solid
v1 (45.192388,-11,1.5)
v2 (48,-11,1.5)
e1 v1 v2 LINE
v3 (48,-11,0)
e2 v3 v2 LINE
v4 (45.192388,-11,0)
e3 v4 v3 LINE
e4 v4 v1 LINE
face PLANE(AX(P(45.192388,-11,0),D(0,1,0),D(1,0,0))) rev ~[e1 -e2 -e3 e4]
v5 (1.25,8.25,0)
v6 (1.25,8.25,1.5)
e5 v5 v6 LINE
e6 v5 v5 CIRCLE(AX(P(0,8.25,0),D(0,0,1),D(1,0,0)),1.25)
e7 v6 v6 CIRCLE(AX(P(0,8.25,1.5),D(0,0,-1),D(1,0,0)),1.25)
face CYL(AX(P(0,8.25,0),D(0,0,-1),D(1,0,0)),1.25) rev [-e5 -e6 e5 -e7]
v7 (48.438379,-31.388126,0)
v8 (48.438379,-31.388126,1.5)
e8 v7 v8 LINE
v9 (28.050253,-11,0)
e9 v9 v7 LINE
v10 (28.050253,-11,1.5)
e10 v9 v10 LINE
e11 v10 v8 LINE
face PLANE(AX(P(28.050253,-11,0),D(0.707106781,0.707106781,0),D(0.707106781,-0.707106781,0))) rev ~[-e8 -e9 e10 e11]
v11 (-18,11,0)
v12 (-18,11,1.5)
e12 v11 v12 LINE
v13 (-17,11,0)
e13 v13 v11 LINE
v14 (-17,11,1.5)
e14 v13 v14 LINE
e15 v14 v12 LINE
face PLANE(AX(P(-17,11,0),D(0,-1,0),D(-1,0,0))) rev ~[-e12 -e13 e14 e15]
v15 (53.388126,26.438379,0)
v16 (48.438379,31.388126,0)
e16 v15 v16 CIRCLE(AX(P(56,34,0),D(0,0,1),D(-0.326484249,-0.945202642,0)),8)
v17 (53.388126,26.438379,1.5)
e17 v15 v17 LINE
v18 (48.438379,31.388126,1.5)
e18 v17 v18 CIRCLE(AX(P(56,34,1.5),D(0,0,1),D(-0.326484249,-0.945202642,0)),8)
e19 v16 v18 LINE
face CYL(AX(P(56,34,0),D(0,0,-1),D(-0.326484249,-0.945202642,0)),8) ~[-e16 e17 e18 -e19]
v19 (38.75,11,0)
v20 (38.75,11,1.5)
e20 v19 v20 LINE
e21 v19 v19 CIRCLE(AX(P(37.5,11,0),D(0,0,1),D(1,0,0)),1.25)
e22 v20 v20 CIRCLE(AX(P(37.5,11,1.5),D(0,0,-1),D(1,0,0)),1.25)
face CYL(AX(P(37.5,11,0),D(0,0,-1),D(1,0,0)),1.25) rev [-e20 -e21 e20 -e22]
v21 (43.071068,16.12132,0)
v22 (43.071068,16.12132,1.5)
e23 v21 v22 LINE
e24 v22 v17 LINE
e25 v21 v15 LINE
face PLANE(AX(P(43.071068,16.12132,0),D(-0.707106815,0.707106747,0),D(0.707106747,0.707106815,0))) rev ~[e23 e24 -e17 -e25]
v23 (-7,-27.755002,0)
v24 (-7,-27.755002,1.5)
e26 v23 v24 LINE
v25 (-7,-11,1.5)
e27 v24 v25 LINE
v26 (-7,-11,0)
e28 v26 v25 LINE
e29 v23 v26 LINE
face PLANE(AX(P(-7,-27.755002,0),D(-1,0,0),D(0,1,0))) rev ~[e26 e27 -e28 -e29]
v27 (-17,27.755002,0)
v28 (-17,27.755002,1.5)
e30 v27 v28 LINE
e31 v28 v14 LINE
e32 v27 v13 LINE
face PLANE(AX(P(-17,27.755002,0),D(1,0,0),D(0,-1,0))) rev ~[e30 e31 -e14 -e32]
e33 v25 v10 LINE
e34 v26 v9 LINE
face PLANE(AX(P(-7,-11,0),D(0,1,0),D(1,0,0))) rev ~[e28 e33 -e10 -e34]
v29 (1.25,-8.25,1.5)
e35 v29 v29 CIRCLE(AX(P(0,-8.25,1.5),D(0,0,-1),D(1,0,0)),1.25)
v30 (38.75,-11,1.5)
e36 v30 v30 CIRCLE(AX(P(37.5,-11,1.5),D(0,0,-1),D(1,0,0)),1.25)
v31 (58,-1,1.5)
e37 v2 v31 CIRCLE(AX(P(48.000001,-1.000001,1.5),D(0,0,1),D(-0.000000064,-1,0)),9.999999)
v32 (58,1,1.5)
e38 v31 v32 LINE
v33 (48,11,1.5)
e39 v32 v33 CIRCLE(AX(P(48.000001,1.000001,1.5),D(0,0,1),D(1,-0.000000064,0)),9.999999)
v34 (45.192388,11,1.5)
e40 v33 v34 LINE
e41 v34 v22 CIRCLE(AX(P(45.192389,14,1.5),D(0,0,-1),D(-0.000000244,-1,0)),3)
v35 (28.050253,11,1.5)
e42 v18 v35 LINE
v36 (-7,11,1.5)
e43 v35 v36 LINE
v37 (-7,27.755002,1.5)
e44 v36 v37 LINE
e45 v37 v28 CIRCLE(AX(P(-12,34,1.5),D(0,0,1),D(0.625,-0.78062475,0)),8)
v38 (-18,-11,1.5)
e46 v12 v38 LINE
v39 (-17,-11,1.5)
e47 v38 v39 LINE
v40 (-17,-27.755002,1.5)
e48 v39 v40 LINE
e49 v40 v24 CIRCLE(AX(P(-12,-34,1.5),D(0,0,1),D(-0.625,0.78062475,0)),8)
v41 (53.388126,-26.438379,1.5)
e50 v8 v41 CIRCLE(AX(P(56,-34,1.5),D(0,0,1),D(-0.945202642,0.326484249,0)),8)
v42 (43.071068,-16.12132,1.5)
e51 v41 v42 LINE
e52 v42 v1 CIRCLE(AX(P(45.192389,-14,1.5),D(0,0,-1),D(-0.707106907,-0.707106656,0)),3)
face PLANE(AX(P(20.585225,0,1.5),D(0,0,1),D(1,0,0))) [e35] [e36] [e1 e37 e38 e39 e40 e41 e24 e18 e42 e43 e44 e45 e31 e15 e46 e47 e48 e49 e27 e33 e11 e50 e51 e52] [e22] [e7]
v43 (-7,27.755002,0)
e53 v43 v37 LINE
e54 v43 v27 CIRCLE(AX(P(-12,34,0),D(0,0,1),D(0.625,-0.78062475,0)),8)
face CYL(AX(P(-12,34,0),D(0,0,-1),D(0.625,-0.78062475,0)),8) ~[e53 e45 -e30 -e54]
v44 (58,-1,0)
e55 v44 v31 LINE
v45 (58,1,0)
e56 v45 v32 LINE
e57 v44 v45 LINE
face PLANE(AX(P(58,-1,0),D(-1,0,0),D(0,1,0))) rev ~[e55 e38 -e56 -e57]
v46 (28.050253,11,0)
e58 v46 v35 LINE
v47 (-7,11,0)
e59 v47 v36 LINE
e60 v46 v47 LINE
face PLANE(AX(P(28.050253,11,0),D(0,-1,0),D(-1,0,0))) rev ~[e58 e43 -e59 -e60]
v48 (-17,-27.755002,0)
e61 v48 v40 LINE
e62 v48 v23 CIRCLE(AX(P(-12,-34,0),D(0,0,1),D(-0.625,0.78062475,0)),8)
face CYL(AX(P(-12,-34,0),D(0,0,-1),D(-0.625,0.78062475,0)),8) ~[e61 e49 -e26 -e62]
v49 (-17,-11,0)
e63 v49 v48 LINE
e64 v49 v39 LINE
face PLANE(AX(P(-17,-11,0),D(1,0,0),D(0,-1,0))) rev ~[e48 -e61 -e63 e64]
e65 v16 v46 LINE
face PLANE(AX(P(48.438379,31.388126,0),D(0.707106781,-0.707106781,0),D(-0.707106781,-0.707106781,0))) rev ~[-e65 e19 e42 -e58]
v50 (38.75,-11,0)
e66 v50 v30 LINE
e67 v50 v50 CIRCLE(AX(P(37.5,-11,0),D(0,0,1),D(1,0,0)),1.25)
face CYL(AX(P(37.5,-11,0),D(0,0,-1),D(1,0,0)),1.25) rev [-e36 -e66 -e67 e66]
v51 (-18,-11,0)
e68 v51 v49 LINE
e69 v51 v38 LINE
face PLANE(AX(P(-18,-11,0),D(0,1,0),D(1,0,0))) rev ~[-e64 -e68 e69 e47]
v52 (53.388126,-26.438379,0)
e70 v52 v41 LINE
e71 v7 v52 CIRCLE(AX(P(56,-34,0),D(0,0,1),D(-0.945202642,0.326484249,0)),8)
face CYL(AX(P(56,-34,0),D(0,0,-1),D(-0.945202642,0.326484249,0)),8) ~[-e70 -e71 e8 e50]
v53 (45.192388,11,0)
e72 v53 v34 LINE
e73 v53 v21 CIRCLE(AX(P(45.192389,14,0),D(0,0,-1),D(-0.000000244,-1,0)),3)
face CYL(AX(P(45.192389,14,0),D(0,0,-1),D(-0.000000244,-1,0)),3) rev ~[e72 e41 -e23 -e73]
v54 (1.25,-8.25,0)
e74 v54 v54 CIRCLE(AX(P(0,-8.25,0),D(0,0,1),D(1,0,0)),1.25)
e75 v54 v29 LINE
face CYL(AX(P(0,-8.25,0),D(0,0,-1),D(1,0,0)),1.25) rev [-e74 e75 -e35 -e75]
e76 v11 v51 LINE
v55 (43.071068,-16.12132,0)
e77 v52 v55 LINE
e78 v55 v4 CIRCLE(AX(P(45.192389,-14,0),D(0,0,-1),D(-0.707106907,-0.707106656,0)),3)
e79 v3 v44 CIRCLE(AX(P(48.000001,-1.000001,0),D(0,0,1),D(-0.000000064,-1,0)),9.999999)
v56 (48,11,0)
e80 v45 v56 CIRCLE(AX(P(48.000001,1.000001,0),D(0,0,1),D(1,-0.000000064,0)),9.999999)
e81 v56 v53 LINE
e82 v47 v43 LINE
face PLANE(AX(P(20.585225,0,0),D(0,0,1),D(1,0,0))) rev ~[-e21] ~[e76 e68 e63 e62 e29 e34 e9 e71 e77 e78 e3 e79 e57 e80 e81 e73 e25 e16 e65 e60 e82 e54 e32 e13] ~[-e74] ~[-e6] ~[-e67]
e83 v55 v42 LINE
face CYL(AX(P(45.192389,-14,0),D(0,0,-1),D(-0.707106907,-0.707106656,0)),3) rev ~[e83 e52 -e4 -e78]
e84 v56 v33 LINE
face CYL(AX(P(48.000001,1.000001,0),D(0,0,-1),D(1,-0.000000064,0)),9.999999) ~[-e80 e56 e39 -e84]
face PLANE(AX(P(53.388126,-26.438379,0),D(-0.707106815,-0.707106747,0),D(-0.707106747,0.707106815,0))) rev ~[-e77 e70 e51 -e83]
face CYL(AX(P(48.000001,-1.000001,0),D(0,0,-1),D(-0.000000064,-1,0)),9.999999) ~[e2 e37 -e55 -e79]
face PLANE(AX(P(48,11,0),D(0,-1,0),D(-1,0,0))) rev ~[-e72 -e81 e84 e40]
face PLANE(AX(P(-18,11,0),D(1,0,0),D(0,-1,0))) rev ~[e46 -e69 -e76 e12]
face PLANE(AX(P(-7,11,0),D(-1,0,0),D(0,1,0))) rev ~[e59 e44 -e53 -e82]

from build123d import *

# Parameters (mm, degrees)
F1_DEPTH = 1.5
F2_R     = 1.25
F3_DEPTH = 25


with BuildPart() as f1:
    # F0 (on Top) → F1 (new body)
    with BuildSketch(Plane.XY):
        with BuildLine():
            Line((-7, 11), (-7, 27.755002))
            ThreePointArc((-7, 27.755002), (-12, 42), (-17, 27.755002))
            Line((-17, 27.755002), (-17, 11))
            Line((-17, 11), (-18, 11))
            Line((-18, 11), (-18, -11))
            Line((-18, -11), (-17, -11))
            Line((-17, -11), (-17, -27.755002))
            ThreePointArc((-17, -27.755002), (-12, -42), (-7, -27.755002))
            Line((-7, -27.755002), (-7, -11))
            Line((-7, -11), (28.050253, -11))
            Line((28.050253, -11), (48.438379, -31.388126))
            ThreePointArc((48.438379, -31.388126), (61.656854, -39.656854), (53.388126, -26.438379))
            Line((53.388126, -26.438379), (43.071068, -16.12132))
            ThreePointArc((43.071068, -16.12132), (42.42075, -12.85195), (45.192388, -11))
            Line((45.192388, -11), (48, -11))
            ThreePointArc((48, -11), (55.071068, -8.071068), (58, -1))
            Line((58, -1), (58, 1))
            ThreePointArc((58, 1), (55.071068, 8.071068), (48, 11))
            Line((48, 11), (45.192388, 11))
            ThreePointArc((45.192388, 11), (42.42075, 12.85195), (43.071068, 16.12132))
            Line((43.071068, 16.12132), (53.388126, 26.438379))
            ThreePointArc((53.388126, 26.438379), (61.656854, 39.656854), (48.438379, 31.388126))
            Line((48.438379, 31.388126), (28.050253, 11))
            Line((28.050253, 11), (-7, 11))
        make_face()
    extrude(amount=F1_DEPTH)

    # F2 (on Top) → F3 (cut)
    with BuildSketch(Plane.XY):
        with Locations((0, -8.25)):
            Circle(F2_R)
        with Locations((0, 8.25)):
            Circle(F2_R)
        with Locations((37.5, -11)):
            Circle(F2_R)
        with Locations((37.5, 11)):
            Circle(F2_R)
    extrude(amount=F3_DEPTH, mode=Mode.SUBTRACT)


solid = f1.part
